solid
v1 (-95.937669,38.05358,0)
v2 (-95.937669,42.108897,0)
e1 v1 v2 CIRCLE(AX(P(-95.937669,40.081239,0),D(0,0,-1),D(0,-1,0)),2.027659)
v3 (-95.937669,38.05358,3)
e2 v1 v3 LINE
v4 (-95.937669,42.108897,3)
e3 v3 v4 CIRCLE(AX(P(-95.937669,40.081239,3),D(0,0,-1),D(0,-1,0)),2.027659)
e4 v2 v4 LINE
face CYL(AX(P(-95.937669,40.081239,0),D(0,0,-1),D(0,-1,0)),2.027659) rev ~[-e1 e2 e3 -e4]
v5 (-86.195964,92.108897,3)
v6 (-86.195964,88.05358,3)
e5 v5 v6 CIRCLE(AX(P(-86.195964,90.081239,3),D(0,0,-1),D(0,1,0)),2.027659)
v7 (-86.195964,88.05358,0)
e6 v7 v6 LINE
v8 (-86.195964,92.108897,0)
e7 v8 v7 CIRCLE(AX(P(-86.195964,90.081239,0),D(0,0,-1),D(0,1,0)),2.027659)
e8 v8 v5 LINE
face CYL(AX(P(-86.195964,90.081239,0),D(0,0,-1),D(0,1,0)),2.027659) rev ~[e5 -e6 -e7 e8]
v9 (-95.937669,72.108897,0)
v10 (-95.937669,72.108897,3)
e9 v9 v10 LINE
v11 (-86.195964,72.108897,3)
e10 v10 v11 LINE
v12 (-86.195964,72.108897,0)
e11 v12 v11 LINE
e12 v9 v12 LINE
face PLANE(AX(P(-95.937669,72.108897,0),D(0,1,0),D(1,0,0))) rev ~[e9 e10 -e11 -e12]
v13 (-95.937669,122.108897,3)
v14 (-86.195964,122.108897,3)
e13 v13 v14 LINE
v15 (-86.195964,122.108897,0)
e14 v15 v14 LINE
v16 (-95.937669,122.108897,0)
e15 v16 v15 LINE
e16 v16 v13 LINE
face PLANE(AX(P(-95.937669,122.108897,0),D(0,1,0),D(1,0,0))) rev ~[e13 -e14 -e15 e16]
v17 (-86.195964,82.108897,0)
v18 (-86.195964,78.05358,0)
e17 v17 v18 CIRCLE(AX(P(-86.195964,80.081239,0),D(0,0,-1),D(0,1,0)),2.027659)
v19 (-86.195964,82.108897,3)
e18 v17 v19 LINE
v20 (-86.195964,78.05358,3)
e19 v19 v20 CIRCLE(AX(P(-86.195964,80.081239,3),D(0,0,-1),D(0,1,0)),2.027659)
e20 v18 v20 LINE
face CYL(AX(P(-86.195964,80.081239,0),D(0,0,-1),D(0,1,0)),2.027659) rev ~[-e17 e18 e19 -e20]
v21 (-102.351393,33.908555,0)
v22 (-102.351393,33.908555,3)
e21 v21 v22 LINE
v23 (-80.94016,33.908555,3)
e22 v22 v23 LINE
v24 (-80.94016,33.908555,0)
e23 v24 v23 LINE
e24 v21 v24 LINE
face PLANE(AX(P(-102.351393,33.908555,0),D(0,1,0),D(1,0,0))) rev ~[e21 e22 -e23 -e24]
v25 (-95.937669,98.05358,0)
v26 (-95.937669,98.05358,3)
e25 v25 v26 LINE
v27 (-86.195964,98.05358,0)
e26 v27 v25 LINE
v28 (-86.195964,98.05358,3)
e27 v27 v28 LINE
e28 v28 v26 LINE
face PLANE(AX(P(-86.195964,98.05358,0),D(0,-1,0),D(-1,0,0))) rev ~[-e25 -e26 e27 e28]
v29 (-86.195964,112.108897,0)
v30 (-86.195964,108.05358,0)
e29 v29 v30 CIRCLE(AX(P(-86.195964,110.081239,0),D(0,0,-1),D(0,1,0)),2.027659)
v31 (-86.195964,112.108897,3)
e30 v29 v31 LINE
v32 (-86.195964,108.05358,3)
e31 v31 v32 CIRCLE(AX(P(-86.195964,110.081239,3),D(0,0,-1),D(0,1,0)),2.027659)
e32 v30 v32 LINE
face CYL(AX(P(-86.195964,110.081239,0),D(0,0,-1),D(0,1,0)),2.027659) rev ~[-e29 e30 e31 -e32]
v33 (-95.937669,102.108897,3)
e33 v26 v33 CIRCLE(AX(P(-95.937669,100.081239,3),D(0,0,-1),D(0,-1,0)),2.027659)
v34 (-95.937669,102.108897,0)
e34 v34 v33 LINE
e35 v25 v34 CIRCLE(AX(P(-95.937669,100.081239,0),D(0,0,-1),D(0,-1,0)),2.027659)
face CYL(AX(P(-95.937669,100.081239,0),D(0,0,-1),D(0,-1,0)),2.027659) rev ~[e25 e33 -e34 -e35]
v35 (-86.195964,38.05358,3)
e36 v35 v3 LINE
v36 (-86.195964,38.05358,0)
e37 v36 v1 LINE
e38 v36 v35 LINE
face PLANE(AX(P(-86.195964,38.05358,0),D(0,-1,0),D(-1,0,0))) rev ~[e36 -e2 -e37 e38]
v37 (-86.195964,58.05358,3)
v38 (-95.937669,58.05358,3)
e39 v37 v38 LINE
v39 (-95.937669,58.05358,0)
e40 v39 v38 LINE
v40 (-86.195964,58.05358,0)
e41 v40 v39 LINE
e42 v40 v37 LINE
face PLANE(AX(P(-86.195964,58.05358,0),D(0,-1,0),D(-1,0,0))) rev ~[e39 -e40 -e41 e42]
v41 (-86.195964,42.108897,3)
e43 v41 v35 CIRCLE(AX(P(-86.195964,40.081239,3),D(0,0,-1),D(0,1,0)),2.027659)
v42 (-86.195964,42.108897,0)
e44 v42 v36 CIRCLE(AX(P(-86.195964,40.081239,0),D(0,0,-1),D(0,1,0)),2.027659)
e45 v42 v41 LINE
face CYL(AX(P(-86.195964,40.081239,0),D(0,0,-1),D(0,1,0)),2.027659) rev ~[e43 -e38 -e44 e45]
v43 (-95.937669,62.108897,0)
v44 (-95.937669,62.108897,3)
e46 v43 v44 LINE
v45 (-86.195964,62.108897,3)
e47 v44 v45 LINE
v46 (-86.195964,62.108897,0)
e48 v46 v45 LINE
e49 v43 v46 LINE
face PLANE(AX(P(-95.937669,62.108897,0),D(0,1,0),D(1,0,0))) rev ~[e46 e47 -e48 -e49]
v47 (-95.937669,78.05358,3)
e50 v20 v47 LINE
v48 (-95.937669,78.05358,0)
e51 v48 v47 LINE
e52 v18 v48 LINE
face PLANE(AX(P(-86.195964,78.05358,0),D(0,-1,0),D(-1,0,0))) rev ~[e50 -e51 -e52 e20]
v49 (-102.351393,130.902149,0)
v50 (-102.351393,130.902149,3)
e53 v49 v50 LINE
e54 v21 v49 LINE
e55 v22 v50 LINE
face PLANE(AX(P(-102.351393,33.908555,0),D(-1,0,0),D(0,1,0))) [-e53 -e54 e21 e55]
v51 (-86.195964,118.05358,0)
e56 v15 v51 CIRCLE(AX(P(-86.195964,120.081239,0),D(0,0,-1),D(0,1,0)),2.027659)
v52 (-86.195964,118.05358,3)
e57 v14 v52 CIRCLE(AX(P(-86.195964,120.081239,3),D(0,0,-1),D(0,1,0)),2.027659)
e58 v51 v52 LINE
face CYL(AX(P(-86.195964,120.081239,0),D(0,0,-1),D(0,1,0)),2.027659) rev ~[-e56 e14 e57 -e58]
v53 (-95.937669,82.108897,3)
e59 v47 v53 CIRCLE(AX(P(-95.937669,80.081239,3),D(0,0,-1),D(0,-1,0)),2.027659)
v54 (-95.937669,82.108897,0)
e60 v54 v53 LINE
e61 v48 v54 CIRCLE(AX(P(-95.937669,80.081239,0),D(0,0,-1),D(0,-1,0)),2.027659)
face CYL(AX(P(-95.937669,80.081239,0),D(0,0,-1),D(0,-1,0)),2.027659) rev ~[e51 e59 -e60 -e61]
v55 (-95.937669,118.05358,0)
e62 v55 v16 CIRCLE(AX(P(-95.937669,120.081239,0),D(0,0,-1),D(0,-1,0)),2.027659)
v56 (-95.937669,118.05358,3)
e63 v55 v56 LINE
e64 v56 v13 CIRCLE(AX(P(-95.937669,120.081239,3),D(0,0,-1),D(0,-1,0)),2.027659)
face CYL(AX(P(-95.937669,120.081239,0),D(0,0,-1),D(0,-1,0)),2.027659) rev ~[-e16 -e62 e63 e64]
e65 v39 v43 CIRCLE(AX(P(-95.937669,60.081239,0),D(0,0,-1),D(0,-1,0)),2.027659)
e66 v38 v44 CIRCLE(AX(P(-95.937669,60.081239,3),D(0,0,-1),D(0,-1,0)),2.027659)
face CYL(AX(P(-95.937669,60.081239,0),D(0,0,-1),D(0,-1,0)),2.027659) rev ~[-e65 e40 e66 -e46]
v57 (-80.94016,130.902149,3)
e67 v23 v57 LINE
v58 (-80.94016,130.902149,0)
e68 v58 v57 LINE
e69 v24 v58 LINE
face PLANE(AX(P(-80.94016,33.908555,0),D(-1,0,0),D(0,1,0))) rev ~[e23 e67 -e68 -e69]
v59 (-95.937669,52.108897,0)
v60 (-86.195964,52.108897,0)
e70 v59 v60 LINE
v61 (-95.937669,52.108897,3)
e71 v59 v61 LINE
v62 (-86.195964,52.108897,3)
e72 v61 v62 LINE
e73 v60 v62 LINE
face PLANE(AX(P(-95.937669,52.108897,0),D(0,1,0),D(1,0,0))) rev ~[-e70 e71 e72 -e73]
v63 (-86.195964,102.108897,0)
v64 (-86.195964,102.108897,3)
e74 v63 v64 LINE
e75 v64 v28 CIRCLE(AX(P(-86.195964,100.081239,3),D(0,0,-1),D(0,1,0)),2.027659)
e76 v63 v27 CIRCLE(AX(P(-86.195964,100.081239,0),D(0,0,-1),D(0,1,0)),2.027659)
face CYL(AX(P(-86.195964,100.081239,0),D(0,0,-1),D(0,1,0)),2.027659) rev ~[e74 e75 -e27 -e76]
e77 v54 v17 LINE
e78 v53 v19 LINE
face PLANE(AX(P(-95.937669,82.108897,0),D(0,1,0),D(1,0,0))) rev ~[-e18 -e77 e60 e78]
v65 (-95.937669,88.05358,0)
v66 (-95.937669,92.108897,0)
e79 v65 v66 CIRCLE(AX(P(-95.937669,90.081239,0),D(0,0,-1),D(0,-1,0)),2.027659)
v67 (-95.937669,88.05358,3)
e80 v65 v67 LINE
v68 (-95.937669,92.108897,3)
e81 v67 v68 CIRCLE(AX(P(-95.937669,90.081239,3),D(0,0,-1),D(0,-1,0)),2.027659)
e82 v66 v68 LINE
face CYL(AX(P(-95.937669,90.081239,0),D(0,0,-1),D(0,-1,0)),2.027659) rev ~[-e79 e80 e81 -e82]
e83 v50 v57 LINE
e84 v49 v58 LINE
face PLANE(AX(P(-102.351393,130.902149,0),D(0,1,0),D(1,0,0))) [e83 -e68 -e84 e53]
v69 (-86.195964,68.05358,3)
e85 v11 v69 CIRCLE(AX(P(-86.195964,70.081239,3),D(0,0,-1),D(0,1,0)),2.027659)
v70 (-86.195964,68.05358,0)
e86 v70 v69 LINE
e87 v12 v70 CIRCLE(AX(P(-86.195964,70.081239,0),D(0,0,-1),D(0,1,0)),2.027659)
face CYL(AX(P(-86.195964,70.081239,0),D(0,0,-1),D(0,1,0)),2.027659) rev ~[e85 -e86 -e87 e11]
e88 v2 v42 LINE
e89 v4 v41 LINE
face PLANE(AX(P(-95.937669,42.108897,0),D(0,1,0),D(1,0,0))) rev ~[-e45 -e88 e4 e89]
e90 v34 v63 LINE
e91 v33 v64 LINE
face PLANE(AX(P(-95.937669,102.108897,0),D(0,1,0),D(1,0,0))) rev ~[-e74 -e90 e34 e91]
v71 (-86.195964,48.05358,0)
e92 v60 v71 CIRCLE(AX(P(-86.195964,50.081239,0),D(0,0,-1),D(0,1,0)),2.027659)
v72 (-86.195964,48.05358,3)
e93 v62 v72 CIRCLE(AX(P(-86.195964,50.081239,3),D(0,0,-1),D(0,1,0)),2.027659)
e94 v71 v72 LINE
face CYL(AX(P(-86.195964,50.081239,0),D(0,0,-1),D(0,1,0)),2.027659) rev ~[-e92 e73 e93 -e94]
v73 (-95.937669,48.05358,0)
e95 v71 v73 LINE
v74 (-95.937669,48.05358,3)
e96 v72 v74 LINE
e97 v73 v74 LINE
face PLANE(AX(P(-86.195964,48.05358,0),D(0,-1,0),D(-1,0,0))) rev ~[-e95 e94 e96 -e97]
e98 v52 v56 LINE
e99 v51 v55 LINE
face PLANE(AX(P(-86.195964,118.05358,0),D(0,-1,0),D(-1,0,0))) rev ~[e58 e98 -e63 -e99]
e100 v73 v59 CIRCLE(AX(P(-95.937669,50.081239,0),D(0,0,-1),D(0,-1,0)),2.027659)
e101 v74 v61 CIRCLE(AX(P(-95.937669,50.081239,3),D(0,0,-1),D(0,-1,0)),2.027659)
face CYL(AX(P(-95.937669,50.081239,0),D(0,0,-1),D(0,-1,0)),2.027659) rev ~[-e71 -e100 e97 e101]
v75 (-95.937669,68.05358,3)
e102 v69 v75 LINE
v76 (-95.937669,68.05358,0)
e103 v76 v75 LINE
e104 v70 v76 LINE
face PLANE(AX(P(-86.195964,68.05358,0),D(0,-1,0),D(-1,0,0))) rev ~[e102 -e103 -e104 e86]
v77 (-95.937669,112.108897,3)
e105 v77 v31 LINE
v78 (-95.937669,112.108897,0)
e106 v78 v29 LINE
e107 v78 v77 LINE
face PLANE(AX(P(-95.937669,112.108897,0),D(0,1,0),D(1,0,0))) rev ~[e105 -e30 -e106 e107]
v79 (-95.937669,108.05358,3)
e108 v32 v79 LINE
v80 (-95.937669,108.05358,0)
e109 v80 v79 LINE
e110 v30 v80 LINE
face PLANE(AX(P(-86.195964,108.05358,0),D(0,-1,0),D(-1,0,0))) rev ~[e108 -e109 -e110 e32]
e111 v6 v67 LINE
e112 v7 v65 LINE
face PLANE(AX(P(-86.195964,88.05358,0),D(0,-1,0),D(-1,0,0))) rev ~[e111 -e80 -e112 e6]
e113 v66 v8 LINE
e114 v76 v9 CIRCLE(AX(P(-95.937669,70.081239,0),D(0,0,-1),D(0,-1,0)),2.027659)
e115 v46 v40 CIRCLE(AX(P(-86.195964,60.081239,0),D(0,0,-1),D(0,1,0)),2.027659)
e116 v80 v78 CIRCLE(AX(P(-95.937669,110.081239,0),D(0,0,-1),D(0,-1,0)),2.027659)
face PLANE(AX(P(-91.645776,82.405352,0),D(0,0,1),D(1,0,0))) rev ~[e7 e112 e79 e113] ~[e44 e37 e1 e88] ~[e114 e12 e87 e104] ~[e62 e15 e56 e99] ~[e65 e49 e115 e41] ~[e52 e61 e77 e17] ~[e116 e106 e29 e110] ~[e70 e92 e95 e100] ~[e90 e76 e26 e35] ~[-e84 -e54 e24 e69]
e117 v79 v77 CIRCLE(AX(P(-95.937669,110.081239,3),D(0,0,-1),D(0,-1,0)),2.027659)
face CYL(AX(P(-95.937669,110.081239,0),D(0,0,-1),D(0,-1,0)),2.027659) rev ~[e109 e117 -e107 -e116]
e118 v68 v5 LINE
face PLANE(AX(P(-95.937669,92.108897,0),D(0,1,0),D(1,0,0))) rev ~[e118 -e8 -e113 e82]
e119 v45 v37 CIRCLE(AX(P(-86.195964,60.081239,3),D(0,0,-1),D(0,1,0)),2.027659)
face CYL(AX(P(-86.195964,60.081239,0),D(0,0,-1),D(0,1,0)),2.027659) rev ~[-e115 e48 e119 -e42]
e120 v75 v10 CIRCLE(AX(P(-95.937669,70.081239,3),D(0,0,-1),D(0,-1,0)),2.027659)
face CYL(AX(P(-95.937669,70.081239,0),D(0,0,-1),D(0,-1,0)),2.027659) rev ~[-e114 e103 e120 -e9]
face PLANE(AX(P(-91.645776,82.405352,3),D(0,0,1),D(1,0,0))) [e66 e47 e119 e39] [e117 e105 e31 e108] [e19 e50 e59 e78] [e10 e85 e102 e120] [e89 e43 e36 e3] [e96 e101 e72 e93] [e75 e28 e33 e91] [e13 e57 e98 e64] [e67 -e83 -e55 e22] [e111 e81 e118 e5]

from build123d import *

# Parameters (mm, degrees)
SKETCH1_W           = 21.411233639
SKETCH1_H           = 96.993593864
BOSS_EXTRUDE1_DEPTH = 3


with BuildPart() as part:
    # Sketch1 → Boss-Extrude1 (new body)
    with BuildSketch(Plane.XY):
        with Locations((-91.64577638, 82.405352126)):
            Rectangle(SKETCH1_W, SKETCH1_H)
        with BuildLine():
            Line((-86.19596438, 38.053580074), (-95.937669189, 38.053580074))
            ThreePointArc((-95.937669189, 38.053580074), (-97.965327886, 40.081238771), (-95.937669189, 42.108897468))
            Line((-95.937669189, 42.108897468), (-86.19596438, 42.108897468))
            ThreePointArc((-86.19596438, 42.108897468), (-84.168305683, 40.081238771), (-86.19596438, 38.053580074))
        make_face(mode=Mode.SUBTRACT)
        with BuildLine():
            Line((-86.19596438, 48.053580074), (-95.937669189, 48.053580074))
            ThreePointArc((-95.937669189, 48.053580074), (-97.965327886, 50.081238771), (-95.937669189, 52.108897468))
            Line((-95.937669189, 52.108897468), (-86.19596438, 52.108897468))
            ThreePointArc((-86.19596438, 52.108897468), (-84.168305683, 50.081238771), (-86.19596438, 48.053580074))
        make_face(mode=Mode.SUBTRACT)
        with BuildLine():
            Line((-86.19596438, 58.053580074), (-95.937669189, 58.053580074))
            ThreePointArc((-95.937669189, 58.053580074), (-97.965327886, 60.081238771), (-95.937669189, 62.108897468))
            Line((-95.937669189, 62.108897468), (-86.19596438, 62.108897468))
            ThreePointArc((-86.19596438, 62.108897468), (-84.168305683, 60.081238771), (-86.19596438, 58.053580074))
        make_face(mode=Mode.SUBTRACT)
        with BuildLine():
            Line((-86.19596438, 68.053580074), (-95.937669189, 68.053580074))
            ThreePointArc((-95.937669189, 68.053580074), (-97.965327886, 70.081238771), (-95.937669189, 72.108897468))
            Line((-95.937669189, 72.108897468), (-86.19596438, 72.108897468))
            ThreePointArc((-86.19596438, 72.108897468), (-84.168305683, 70.081238771), (-86.19596438, 68.053580074))
        make_face(mode=Mode.SUBTRACT)
        with BuildLine():
            Line((-86.19596438, 78.053580074), (-95.937669189, 78.053580074))
            ThreePointArc((-95.937669189, 78.053580074), (-97.965327886, 80.081238771), (-95.937669189, 82.108897468))
            Line((-95.937669189, 82.108897468), (-86.19596438, 82.108897468))
            ThreePointArc((-86.19596438, 82.108897468), (-84.168305683, 80.081238771), (-86.19596438, 78.053580074))
        make_face(mode=Mode.SUBTRACT)
        with BuildLine():
            Line((-86.19596438, 88.053580074), (-95.937669189, 88.053580074))
            ThreePointArc((-95.937669189, 88.053580074), (-97.965327886, 90.081238771), (-95.937669189, 92.108897468))
            Line((-95.937669189, 92.108897468), (-86.19596438, 92.108897468))
            ThreePointArc((-86.19596438, 92.108897468), (-84.168305683, 90.081238771), (-86.19596438, 88.053580074))
        make_face(mode=Mode.SUBTRACT)
        with BuildLine():
            Line((-86.19596438, 98.053580074), (-95.937669189, 98.053580074))
            ThreePointArc((-95.937669189, 98.053580074), (-97.965327886, 100.081238771), (-95.937669189, 102.108897468))
            Line((-95.937669189, 102.108897468), (-86.19596438, 102.108897468))
            ThreePointArc((-86.19596438, 102.108897468), (-84.168305683, 100.081238771), (-86.19596438, 98.053580074))
        make_face(mode=Mode.SUBTRACT)
        with BuildLine():
            Line((-86.19596438, 108.053580074), (-95.937669189, 108.053580074))
            ThreePointArc((-95.937669189, 108.053580074), (-97.965327886, 110.081238771), (-95.937669189, 112.108897468))
            Line((-95.937669189, 112.108897468), (-86.19596438, 112.108897468))
            ThreePointArc((-86.19596438, 112.108897468), (-84.168305683, 110.081238771), (-86.19596438, 108.053580074))
        make_face(mode=Mode.SUBTRACT)
        with BuildLine():
            Line((-86.19596438, 118.053580074), (-95.937669189, 118.053580074))
            ThreePointArc((-95.937669189, 118.053580074), (-97.965327886, 120.081238771), (-95.937669189, 122.108897468))
            Line((-95.937669189, 122.108897468), (-86.19596438, 122.108897468))
            ThreePointArc((-86.19596438, 122.108897468), (-84.168305683, 120.081238771), (-86.19596438, 118.053580074))
        make_face(mode=Mode.SUBTRACT)
    extrude(amount=BOSS_EXTRUDE1_DEPTH)


solid = part.part
